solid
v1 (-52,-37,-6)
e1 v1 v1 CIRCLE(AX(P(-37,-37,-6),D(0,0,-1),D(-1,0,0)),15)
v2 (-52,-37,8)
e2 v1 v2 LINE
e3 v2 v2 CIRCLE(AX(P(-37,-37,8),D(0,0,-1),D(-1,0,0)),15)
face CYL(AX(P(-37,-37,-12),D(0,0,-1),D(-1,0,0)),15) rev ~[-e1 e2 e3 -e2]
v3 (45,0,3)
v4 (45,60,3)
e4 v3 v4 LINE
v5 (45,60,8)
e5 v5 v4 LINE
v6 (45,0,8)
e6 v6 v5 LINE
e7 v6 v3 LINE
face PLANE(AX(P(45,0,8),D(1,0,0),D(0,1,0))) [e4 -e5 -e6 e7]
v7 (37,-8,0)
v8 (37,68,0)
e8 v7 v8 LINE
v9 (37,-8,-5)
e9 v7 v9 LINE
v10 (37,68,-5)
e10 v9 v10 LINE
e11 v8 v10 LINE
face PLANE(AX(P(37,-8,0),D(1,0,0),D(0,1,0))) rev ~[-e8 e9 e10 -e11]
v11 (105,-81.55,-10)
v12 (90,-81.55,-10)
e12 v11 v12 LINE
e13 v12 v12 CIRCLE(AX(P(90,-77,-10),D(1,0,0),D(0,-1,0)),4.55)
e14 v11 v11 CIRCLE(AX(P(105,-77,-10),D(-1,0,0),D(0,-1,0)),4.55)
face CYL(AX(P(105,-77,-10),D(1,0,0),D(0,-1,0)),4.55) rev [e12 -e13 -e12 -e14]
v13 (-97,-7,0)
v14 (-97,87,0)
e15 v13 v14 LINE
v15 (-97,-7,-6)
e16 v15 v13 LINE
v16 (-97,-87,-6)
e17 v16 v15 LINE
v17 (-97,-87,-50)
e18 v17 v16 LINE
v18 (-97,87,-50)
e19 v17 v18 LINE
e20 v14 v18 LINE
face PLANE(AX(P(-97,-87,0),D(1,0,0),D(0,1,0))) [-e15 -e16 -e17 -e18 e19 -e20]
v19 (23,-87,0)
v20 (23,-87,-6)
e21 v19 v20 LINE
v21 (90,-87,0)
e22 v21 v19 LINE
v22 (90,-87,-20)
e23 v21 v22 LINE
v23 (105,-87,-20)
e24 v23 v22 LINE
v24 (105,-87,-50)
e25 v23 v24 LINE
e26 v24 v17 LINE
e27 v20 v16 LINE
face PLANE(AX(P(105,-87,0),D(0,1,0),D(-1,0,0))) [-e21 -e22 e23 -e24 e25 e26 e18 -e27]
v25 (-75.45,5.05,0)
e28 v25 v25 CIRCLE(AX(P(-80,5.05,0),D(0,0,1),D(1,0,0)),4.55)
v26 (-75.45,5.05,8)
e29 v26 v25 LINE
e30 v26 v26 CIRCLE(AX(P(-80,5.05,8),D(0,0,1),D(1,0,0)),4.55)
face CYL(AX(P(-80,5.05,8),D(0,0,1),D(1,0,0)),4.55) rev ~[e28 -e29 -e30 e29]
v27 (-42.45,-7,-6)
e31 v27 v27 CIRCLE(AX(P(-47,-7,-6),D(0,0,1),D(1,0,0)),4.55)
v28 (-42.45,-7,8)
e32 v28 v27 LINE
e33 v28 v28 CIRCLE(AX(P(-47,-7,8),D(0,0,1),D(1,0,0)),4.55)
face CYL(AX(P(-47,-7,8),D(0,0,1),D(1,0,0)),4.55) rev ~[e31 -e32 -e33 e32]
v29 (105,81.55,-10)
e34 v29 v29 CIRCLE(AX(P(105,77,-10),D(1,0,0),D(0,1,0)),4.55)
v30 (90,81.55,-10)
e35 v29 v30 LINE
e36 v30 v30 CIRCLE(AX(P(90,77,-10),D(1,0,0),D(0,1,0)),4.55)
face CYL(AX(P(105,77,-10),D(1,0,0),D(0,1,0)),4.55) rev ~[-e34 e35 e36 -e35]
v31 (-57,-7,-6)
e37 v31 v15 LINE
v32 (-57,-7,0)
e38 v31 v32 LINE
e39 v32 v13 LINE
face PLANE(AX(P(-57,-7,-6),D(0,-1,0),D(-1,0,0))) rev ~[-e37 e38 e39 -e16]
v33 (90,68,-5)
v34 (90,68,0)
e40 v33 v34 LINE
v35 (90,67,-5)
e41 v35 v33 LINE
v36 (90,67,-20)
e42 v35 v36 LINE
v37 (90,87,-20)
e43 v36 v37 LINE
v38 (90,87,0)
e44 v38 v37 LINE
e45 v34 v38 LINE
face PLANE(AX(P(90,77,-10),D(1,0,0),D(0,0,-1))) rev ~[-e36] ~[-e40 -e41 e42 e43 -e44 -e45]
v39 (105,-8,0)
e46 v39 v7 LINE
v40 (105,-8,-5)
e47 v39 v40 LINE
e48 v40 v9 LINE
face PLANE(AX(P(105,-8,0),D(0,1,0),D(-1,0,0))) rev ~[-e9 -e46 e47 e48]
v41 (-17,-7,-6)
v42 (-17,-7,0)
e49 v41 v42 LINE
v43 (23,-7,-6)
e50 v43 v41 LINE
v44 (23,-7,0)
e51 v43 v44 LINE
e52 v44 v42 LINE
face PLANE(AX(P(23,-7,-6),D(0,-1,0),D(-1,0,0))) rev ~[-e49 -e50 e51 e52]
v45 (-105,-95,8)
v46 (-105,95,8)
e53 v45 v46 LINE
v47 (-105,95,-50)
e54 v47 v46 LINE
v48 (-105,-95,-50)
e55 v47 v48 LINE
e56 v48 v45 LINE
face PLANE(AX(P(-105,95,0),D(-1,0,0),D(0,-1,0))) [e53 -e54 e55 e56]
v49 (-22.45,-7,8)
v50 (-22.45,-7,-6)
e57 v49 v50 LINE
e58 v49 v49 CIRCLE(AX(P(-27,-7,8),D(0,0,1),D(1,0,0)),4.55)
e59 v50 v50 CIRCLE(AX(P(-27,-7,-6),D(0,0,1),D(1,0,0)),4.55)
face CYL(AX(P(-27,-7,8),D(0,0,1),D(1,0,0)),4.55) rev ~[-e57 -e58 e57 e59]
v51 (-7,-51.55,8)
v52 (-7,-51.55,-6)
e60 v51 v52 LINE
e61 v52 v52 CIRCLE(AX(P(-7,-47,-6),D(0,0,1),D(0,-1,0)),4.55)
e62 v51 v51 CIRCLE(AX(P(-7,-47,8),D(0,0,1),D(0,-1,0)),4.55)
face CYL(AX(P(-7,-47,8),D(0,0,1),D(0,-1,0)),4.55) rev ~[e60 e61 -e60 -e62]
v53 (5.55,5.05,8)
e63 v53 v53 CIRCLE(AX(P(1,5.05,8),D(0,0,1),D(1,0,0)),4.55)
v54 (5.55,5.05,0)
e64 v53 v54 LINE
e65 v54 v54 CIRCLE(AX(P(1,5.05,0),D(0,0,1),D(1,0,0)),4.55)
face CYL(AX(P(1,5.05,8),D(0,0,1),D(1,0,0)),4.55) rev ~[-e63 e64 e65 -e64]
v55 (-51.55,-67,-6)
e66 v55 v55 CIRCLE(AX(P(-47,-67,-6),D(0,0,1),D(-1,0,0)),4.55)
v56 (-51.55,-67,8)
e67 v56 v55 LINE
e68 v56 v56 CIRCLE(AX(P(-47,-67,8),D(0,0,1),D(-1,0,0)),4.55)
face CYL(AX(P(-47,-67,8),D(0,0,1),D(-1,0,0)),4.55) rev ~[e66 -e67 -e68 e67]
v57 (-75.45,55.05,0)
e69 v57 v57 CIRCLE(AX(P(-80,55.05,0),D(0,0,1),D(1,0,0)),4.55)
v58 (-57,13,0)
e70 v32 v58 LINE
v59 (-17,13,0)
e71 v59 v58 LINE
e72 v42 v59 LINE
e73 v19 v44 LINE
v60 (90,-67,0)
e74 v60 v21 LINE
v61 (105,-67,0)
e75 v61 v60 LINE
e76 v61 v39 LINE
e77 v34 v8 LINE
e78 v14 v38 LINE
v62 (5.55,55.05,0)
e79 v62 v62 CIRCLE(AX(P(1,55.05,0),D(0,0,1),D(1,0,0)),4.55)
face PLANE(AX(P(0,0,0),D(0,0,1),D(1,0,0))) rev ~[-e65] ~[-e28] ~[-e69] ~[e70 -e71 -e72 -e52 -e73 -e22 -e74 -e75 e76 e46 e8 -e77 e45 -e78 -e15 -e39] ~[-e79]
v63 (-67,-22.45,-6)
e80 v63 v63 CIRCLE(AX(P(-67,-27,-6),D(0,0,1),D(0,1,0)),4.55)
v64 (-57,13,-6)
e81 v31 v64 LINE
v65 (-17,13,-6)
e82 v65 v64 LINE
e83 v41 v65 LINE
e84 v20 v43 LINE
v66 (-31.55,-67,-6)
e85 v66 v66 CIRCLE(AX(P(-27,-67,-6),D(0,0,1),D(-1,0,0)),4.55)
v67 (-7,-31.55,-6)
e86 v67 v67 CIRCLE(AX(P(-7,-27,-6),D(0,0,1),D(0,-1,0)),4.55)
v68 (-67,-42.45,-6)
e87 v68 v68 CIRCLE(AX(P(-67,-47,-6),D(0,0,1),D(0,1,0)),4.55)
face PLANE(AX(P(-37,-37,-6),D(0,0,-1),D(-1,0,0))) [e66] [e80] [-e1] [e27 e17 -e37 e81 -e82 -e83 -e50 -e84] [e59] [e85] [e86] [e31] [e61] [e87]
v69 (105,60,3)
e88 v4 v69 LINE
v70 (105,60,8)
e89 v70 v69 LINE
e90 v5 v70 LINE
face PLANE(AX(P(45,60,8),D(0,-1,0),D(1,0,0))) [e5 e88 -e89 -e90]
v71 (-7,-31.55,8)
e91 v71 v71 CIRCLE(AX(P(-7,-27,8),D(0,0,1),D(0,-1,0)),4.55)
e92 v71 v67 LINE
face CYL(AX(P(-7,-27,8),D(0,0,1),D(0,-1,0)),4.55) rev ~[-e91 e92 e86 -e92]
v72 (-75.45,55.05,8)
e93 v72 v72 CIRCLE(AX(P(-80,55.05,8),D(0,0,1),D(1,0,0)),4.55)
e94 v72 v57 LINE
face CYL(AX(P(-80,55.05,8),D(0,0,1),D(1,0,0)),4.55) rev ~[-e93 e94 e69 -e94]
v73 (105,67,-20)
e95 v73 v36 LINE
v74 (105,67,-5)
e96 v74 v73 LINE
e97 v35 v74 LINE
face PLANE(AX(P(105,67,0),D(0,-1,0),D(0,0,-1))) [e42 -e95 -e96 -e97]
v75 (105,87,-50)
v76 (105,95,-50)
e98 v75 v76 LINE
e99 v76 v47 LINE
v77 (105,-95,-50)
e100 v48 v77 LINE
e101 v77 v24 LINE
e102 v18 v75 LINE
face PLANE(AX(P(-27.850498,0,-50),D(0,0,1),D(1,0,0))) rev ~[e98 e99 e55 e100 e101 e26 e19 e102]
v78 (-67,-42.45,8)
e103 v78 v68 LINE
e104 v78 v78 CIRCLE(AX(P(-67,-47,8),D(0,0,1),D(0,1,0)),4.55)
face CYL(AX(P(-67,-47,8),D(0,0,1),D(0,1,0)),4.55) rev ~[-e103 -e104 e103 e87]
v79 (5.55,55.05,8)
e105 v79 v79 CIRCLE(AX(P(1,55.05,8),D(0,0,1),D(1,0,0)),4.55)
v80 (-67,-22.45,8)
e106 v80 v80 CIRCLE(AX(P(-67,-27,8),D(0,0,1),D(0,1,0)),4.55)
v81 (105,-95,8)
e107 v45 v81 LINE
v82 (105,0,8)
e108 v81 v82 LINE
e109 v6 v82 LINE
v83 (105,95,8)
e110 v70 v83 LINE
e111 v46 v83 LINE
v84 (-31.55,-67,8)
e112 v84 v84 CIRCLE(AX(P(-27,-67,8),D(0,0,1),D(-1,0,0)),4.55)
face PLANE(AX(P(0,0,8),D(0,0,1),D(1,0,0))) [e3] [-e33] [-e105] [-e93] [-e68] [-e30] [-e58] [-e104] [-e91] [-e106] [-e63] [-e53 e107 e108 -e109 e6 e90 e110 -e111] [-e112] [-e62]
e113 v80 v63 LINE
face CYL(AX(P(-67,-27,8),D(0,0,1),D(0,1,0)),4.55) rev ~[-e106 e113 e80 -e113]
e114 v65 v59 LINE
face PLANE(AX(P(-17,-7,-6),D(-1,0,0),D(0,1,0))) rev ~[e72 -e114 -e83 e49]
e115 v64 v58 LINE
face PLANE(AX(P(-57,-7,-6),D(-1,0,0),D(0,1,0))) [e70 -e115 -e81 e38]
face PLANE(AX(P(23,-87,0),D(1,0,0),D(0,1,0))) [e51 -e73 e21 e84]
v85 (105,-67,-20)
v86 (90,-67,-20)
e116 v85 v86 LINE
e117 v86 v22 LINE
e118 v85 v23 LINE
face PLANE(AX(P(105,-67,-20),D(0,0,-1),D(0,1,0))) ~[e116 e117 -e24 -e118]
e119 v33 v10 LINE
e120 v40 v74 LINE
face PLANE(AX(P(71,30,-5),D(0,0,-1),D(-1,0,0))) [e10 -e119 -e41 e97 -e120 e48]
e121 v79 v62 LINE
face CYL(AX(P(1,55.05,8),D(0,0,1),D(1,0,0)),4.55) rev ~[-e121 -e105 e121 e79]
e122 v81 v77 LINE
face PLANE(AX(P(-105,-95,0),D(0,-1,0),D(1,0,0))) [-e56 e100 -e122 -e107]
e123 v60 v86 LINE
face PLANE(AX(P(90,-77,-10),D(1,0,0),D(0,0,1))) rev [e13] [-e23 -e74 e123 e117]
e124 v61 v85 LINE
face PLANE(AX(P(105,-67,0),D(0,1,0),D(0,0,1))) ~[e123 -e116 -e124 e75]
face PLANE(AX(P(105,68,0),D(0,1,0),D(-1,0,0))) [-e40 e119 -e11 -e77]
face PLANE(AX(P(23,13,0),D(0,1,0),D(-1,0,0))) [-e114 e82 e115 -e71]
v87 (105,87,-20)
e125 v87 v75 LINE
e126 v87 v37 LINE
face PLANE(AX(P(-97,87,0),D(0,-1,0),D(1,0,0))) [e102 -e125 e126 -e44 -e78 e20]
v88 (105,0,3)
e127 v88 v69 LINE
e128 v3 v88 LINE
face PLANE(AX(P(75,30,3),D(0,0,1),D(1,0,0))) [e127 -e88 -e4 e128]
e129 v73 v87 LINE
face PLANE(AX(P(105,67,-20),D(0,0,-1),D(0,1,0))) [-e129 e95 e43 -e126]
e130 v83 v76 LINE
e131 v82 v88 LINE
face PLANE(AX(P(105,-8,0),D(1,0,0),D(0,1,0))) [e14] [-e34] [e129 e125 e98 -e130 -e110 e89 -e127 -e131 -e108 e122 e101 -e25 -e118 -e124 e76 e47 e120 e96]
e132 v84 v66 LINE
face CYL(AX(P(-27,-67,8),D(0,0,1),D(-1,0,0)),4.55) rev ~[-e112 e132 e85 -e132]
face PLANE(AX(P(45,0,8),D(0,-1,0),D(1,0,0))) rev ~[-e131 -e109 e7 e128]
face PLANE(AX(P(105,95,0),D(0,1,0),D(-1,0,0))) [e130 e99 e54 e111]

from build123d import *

# Parameters (mm, degrees)
SKETCH_1_W               = 210
SKETCH_1_H               = 190
EXTRUDE_1_DEPTH          = 8
EXTRUDE_2_DEPTH          = 50
SKETCH_3_W               = 20
SKETCH_3_H               = 20
EXTRUDE_3_DEPTH          = 15
SKETCH_8_R               = 4.55
CUT_EXTRUDE_1_DEPTH      = 25
SKETCH_9_W               = 120
SKETCH_9_H               = 100
EXTRUDE_4_DEPTH          = 12
SKETCH_10_R              = 15
CUT_EXTRUDE_2_DEPTH      = 147.608321728
SKETCH_13_R              = 4.55
CUT_EXTRUDE_3_DEPTH      = 154.016338997
PATTERN_CIRCULAR_2_COUNT = 4
SKETCH_14_W              = 120
SKETCH_14_H              = 100
CUT_EXTRUDE_4_DEPTH      = 6
SKETCH_15_W              = 68
SKETCH_15_H              = 76
EXTRUDE_5_DEPTH          = 5
SKETCH_16_W              = 60
SKETCH_16_H              = 60
CUT_EXTRUDE_5_DEPTH      = 5
SKETCH_17_R              = 4.55
CUT_EXTRUDE_6_DEPTH      = 154.016338997
SKETCH_18_W              = 40
SKETCH_18_H              = 20
CUT_EXTRUDE_7_DEPTH      = 6


with BuildPart() as part:
    # 스케치1 → 보스-돌출1 (new body)
    with BuildSketch(Plane.XY):
        Rectangle(SKETCH_1_W, SKETCH_1_H)
    extrude(amount=EXTRUDE_1_DEPTH)

    # 스케치2 → 보스-돌출2 (add)
    with BuildSketch(Plane(origin=(0, 0, 0), x_dir=(-1, 0, 0), z_dir=(0, 0, -1))):
        Polygon((-105, 95), (105, 95), (105, -95), (-105, -95), (-105, -87), (97, -87), (97, 87), (-105, 87), align=None)
    extrude(amount=EXTRUDE_2_DEPTH)

    # 스케치3 → 보스-돌출3 (add)
    with BuildSketch(Plane(origin=(105, 0, 0), x_dir=(0, 0, -1), z_dir=(1, 0, 0))):
        with Locations((10, 77)):
            Rectangle(SKETCH_3_W, SKETCH_3_H)
    extrude_3 = extrude(amount=-EXTRUDE_3_DEPTH)

    # 스케치8 → 컷-돌출1 (cut)
    with BuildSketch(Plane(origin=(105, 0, 0), x_dir=(0, 0, -1), z_dir=(1, 0, 0))):
        with Locations(Location((10, 77, 0), (0, 0, 90))):
            Circle(SKETCH_8_R)
    cut_extrude_1 = extrude(amount=-CUT_EXTRUDE_1_DEPTH, mode=Mode.SUBTRACT)

    # 대칭 복사1: 보스-돌출3, 컷-돌출1 across plane
    add(extrude_3.mirror(Plane(origin=(0, 0, 0), x_dir=(0, 0, 1), z_dir=(0, -1, 0))))
    add(cut_extrude_1.mirror(Plane(origin=(0, 0, 0), x_dir=(0, 0, 1), z_dir=(0, -1, 0))), mode=Mode.SUBTRACT)

    # 스케치9 → 보스-돌출4 (add)
    with BuildSketch(Plane(origin=(0, 0, 0), x_dir=(-1, 0, 0), z_dir=(0, 0, -1))):
        with Locations((37, -37)):
            Rectangle(SKETCH_9_W, SKETCH_9_H)
    extrude(amount=EXTRUDE_4_DEPTH)

    # 스케치10 → 컷-돌출2 (cut, through all)
    with BuildSketch(Plane(origin=(0, 0, -12), x_dir=(-1, 0, 0), z_dir=(0, 0, -1))):
        with Locations((37, -37)):
            Circle(SKETCH_10_R)
    extrude(amount=-CUT_EXTRUDE_2_DEPTH, mode=Mode.SUBTRACT)

    # 스케치13 → 컷-돌출3 (cut, through all)
    with BuildSketch(Plane.XY.offset(8)):
        with Locations((-47, -7)):
            Circle(SKETCH_13_R)
        with Locations((-27, -7)):
            Circle(SKETCH_13_R)
    cut_extrude_3 = extrude(amount=-CUT_EXTRUDE_3_DEPTH, mode=Mode.SUBTRACT)

    # 원형 패턴2: 컷-돌출3 ×4 about axis
    pattern_circular_2_axis = Axis((-37, -37, 0), (0, 0, 1))
    for i in range(1, PATTERN_CIRCULAR_2_COUNT):
        add(cut_extrude_3.rotate(pattern_circular_2_axis, i * 360 / PATTERN_CIRCULAR_2_COUNT), mode=Mode.SUBTRACT)

    # 스케치14 → 컷-돌출4 (cut)
    with BuildSketch(Plane(origin=(0, 0, -12), x_dir=(-1, 0, 0), z_dir=(0, 0, -1))):
        with Locations((37, -37)):
            Rectangle(SKETCH_14_W, SKETCH_14_H)
    extrude(amount=-CUT_EXTRUDE_4_DEPTH, mode=Mode.SUBTRACT)

    # 스케치15 → 보스-돌출5 (add)
    with BuildSketch(Plane(origin=(0, 0, 0), x_dir=(-1, 0, 0), z_dir=(0, 0, -1))):
        with Locations((-71, 30)):
            Rectangle(SKETCH_15_W, SKETCH_15_H)
    extrude(amount=EXTRUDE_5_DEPTH)

    # 스케치16 → 컷-돌출5 (cut)
    with BuildSketch(Plane.XY.offset(8)):
        with Locations((75, 30)):
            Rectangle(SKETCH_16_W, SKETCH_16_H)
    extrude(amount=-CUT_EXTRUDE_5_DEPTH, mode=Mode.SUBTRACT)

    # 스케치17 → 컷-돌출6 (cut, through all)
    with BuildSketch(Plane.XY.offset(8)):
        with Locations((1, 5.05)):
            Circle(SKETCH_17_R)
        with Locations((-80, 5.05)):
            Circle(SKETCH_17_R)
        with Locations((-80, 55.05)):
            Circle(SKETCH_17_R)
        with Locations((1, 55.05)):
            Circle(SKETCH_17_R)
    extrude(amount=-CUT_EXTRUDE_6_DEPTH, mode=Mode.SUBTRACT)

    # 스케치18 → 컷-돌출7 (cut)
    with BuildSketch(Plane(origin=(0, 0, -6), x_dir=(-1, 0, 0), z_dir=(0, 0, -1))):
        with Locations((-3, 3)):
            Rectangle(SKETCH_18_W, SKETCH_18_H)
        with Locations((77, 3)):
            Rectangle(SKETCH_18_W, SKETCH_18_H)
    extrude(amount=-CUT_EXTRUDE_7_DEPTH, mode=Mode.SUBTRACT)


solid = part.part
